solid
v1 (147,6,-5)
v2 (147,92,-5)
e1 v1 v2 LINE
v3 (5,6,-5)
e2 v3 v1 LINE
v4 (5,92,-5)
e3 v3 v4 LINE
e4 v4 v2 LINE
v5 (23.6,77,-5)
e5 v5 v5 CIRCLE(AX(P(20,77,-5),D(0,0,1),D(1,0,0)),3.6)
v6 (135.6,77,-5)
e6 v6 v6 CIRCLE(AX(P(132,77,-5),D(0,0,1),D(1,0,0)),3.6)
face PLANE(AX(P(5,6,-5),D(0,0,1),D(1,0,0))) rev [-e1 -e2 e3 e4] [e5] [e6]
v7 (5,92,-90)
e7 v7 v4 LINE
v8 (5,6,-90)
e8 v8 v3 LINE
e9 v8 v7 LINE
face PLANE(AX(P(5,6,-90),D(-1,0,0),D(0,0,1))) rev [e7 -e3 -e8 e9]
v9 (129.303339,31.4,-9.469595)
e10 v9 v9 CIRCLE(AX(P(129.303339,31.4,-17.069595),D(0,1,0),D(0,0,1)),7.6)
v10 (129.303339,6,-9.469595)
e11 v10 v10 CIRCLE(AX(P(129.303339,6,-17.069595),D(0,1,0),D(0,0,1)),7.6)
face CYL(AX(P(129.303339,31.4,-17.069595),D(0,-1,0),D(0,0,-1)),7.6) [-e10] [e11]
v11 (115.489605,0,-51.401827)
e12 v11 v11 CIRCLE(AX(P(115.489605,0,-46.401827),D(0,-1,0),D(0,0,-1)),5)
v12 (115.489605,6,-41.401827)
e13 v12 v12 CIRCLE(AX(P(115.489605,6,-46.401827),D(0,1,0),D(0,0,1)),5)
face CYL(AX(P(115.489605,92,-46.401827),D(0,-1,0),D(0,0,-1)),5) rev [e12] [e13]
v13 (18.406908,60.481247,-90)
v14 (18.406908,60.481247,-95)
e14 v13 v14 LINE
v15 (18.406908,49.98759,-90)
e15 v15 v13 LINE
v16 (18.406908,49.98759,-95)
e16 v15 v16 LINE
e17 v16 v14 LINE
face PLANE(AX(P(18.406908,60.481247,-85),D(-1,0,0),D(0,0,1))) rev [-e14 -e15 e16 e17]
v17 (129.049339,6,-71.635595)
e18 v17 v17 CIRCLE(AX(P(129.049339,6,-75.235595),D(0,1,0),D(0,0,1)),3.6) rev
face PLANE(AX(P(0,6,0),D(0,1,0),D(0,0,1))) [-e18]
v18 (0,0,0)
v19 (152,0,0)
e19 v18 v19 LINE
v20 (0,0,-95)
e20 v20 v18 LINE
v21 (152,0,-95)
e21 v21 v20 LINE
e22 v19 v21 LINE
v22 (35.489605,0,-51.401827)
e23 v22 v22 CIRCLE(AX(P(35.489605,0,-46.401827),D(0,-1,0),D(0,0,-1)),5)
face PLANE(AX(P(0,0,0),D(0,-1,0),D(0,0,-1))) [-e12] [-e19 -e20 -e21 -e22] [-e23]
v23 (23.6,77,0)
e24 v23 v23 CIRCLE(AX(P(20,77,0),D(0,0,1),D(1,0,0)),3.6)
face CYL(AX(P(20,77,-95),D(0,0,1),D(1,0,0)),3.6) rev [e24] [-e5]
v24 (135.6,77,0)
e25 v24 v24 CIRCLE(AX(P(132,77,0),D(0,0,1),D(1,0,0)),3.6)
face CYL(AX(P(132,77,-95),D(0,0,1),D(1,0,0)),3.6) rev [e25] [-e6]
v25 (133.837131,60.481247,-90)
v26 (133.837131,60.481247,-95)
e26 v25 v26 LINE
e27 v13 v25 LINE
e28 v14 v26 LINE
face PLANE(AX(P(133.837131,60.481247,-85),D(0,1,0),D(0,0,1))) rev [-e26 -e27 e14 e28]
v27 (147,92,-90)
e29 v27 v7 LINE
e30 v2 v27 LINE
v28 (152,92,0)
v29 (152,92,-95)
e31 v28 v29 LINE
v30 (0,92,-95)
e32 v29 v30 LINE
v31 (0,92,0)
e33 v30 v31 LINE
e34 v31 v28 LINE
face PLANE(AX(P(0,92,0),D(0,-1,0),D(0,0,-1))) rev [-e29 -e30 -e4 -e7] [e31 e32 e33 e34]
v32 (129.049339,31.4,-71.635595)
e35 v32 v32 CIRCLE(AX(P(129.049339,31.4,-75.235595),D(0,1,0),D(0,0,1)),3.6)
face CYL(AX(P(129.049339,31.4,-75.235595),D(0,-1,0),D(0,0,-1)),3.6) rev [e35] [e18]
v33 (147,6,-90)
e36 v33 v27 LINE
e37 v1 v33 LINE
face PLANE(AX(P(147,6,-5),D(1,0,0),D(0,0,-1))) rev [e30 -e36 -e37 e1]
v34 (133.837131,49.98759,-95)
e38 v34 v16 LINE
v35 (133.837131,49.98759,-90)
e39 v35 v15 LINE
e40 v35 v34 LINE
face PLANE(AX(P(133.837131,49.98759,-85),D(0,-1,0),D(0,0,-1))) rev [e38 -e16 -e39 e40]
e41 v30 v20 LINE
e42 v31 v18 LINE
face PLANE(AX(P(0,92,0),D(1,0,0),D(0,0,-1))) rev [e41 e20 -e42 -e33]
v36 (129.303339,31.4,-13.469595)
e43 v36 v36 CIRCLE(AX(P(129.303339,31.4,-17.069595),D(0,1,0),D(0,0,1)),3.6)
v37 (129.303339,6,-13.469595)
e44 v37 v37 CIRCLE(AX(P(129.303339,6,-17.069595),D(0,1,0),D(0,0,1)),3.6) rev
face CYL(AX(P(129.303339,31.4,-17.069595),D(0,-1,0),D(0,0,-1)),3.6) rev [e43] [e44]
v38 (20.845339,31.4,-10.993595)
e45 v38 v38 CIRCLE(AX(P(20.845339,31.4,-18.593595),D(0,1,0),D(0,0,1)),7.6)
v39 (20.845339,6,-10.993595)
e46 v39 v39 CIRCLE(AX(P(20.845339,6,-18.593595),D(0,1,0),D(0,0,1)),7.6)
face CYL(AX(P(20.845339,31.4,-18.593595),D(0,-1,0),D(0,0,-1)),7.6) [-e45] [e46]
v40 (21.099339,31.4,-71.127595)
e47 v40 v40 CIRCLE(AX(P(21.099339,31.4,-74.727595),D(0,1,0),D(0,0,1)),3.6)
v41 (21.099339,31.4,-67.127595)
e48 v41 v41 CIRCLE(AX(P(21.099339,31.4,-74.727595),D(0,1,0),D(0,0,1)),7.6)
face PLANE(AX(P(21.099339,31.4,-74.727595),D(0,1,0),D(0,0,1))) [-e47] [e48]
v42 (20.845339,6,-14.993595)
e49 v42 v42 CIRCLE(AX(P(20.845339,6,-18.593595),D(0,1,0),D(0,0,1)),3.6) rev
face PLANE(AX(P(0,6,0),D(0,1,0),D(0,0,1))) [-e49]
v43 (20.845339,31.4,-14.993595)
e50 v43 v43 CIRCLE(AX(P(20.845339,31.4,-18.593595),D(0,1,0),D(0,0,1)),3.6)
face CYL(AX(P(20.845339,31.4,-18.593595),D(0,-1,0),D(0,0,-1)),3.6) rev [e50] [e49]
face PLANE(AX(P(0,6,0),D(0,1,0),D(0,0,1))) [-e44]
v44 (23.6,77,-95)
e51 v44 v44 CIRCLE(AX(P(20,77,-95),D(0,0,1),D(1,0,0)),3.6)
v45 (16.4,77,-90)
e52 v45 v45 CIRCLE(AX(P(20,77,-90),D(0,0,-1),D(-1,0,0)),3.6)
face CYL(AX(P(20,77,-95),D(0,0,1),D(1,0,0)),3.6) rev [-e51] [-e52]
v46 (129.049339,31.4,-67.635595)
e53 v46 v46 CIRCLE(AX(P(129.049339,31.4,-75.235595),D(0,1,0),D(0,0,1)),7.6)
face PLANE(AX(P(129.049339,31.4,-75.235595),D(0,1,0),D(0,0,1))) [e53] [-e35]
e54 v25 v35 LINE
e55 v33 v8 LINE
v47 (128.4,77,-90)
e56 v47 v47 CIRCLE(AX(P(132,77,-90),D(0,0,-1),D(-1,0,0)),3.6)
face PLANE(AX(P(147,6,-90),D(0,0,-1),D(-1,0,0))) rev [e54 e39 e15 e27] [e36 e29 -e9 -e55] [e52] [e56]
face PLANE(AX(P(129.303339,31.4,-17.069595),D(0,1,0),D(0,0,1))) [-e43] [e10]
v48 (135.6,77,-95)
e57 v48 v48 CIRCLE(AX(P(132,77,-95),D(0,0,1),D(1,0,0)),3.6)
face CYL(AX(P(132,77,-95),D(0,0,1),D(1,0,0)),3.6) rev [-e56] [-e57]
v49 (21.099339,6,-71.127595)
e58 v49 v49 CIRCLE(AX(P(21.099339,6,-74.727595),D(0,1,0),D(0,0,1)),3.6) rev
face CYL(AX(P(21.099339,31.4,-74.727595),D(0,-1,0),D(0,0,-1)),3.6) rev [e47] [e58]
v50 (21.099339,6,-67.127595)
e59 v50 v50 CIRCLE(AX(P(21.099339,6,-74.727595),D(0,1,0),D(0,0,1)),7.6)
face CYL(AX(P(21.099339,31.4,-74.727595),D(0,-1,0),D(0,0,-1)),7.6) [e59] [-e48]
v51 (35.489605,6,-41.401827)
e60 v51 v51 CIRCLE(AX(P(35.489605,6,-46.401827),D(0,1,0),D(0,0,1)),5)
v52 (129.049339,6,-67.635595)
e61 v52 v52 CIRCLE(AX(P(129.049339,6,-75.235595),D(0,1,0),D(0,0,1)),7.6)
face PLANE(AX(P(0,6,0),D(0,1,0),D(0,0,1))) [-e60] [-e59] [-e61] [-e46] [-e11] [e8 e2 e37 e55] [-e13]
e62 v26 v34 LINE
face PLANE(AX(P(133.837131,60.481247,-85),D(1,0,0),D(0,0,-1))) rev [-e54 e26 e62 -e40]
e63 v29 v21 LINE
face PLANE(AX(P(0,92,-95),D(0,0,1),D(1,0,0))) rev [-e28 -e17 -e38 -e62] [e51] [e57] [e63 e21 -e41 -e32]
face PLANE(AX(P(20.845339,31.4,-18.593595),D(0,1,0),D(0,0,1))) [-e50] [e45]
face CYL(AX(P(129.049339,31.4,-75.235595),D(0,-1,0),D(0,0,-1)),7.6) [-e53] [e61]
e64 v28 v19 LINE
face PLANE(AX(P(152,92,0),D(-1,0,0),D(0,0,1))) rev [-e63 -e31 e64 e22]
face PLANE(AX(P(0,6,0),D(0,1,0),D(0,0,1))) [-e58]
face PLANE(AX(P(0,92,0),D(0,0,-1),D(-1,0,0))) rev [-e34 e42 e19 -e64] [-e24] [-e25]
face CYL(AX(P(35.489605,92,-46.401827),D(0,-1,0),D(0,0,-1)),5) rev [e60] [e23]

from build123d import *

# Parameters (mm, degrees)
SKETCH1_W           = 152
SKETCH1_H           = 95
BOSS_EXTRUDE2_DEPTH = 92
SKETCH3_W           = 142
SKETCH3_H           = 85
CUT_EXTRUDE2_DEPTH  = 86
SKETCH5_R           = 7.6
SKETCH5_R_2         = 3.6
BOSS_EXTRUDE7_DEPTH = 25.4
SKETCH8_R           = 3.6
CUT_EXTRUDE3_DEPTH  = 202.477045839
SKETCH10_R          = 5
CUT_EXTRUDE7_DEPTH  = 202.477045839
SKETCH13_W          = 115.430222659
SKETCH13_H          = 10.493656606
CUT_EXTRUDE8_DEPTH  = 10


with BuildPart() as part:
    # Sketch1 → Boss-Extrude2 (new body)
    with BuildSketch(Plane(origin=(0, 0, 0), x_dir=(1, 0, 0), z_dir=(0, 1, 0))):
        with Locations((76, 47.5)):
            Rectangle(SKETCH1_W, SKETCH1_H)
    extrude(amount=BOSS_EXTRUDE2_DEPTH)

    # Sketch3 → Cut-Extrude2 (cut)
    with BuildSketch(Plane(origin=(0, 92, 0), x_dir=(1, 0, 0), z_dir=(0, 1, 0))):
        with Locations((76, 47.5)):
            Rectangle(SKETCH3_W, SKETCH3_H)
    extrude(amount=-CUT_EXTRUDE2_DEPTH, mode=Mode.SUBTRACT)

    # Sketch5 → Boss-Extrude7 (add)
    # profile 1 of 4: a face of its own
    with BuildSketch(Plane(origin=(0, 6, 0), x_dir=(1, 0, 0), z_dir=(0, 1, 0))):
        with Locations(Location((20.845338855, 18.593594881, 0), (0, 0, 270))):
            Circle(SKETCH5_R)
        with Locations(Location((20.845338855, 18.593594881, 0), (0, 0, 270))):
            Circle(SKETCH5_R_2, mode=Mode.SUBTRACT)
    # profile 2 of 4: a face of its own
    with BuildSketch(Plane(origin=(0, 6, 0), x_dir=(1, 0, 0), z_dir=(0, 1, 0))):
        with Locations(Location((21.099338855, 74.727594881, 0), (0, 0, 270))):
            Circle(SKETCH5_R)
        with Locations(Location((21.099338855, 74.727594881, 0), (0, 0, 270))):
            Circle(SKETCH5_R_2, mode=Mode.SUBTRACT)
    # profile 3 of 4: a face of its own
    with BuildSketch(Plane(origin=(0, 6, 0), x_dir=(1, 0, 0), z_dir=(0, 1, 0))):
        with Locations(Location((129.303338855, 17.069594881, 0), (0, 0, 270))):
            Circle(SKETCH5_R)
        with Locations(Location((129.303338855, 17.069594881, 0), (0, 0, 270))):
            Circle(SKETCH5_R_2, mode=Mode.SUBTRACT)
    # profile 4 of 4: a face of its own
    with BuildSketch(Plane(origin=(0, 6, 0), x_dir=(1, 0, 0), z_dir=(0, 1, 0))):
        with Locations(Location((129.049338855, 75.235594881, 0), (0, 0, 270))):
            Circle(SKETCH5_R)
        with Locations(Location((129.049338855, 75.235594881, 0), (0, 0, 270))):
            Circle(SKETCH5_R_2, mode=Mode.SUBTRACT)
    extrude(amount=BOSS_EXTRUDE7_DEPTH)

    # Sketch8 → Cut-Extrude3 (cut, through all)
    with BuildSketch(Plane.XY):
        with Locations((20, 77)):
            Circle(SKETCH8_R)
        with Locations((132, 77)):
            Circle(SKETCH8_R)
    extrude(amount=-CUT_EXTRUDE3_DEPTH, mode=Mode.SUBTRACT)

    # Sketch10 → Cut-Extrude7 (cut, through all)
    with BuildSketch(Plane.XZ):
        with Locations(Location((35.489604733, -46.401826634, 0), (0, 0, 270))):
            Circle(SKETCH10_R)
        with Locations(Location((115.489604737, -46.401826637, 0), (0, 0, 270))):
            Circle(SKETCH10_R)
    extrude(amount=-CUT_EXTRUDE7_DEPTH, mode=Mode.SUBTRACT)

    # Sketch13 → Cut-Extrude8 (cut)
    with BuildSketch(Plane(origin=(0, 0, -95), x_dir=(-1, 0, 0), z_dir=(0, 0, -1))):
        with Locations((-76.122019263, 55.234418237)):
            Rectangle(SKETCH13_W, SKETCH13_H)
    extrude(amount=-CUT_EXTRUDE8_DEPTH, mode=Mode.SUBTRACT)


solid = part.part
